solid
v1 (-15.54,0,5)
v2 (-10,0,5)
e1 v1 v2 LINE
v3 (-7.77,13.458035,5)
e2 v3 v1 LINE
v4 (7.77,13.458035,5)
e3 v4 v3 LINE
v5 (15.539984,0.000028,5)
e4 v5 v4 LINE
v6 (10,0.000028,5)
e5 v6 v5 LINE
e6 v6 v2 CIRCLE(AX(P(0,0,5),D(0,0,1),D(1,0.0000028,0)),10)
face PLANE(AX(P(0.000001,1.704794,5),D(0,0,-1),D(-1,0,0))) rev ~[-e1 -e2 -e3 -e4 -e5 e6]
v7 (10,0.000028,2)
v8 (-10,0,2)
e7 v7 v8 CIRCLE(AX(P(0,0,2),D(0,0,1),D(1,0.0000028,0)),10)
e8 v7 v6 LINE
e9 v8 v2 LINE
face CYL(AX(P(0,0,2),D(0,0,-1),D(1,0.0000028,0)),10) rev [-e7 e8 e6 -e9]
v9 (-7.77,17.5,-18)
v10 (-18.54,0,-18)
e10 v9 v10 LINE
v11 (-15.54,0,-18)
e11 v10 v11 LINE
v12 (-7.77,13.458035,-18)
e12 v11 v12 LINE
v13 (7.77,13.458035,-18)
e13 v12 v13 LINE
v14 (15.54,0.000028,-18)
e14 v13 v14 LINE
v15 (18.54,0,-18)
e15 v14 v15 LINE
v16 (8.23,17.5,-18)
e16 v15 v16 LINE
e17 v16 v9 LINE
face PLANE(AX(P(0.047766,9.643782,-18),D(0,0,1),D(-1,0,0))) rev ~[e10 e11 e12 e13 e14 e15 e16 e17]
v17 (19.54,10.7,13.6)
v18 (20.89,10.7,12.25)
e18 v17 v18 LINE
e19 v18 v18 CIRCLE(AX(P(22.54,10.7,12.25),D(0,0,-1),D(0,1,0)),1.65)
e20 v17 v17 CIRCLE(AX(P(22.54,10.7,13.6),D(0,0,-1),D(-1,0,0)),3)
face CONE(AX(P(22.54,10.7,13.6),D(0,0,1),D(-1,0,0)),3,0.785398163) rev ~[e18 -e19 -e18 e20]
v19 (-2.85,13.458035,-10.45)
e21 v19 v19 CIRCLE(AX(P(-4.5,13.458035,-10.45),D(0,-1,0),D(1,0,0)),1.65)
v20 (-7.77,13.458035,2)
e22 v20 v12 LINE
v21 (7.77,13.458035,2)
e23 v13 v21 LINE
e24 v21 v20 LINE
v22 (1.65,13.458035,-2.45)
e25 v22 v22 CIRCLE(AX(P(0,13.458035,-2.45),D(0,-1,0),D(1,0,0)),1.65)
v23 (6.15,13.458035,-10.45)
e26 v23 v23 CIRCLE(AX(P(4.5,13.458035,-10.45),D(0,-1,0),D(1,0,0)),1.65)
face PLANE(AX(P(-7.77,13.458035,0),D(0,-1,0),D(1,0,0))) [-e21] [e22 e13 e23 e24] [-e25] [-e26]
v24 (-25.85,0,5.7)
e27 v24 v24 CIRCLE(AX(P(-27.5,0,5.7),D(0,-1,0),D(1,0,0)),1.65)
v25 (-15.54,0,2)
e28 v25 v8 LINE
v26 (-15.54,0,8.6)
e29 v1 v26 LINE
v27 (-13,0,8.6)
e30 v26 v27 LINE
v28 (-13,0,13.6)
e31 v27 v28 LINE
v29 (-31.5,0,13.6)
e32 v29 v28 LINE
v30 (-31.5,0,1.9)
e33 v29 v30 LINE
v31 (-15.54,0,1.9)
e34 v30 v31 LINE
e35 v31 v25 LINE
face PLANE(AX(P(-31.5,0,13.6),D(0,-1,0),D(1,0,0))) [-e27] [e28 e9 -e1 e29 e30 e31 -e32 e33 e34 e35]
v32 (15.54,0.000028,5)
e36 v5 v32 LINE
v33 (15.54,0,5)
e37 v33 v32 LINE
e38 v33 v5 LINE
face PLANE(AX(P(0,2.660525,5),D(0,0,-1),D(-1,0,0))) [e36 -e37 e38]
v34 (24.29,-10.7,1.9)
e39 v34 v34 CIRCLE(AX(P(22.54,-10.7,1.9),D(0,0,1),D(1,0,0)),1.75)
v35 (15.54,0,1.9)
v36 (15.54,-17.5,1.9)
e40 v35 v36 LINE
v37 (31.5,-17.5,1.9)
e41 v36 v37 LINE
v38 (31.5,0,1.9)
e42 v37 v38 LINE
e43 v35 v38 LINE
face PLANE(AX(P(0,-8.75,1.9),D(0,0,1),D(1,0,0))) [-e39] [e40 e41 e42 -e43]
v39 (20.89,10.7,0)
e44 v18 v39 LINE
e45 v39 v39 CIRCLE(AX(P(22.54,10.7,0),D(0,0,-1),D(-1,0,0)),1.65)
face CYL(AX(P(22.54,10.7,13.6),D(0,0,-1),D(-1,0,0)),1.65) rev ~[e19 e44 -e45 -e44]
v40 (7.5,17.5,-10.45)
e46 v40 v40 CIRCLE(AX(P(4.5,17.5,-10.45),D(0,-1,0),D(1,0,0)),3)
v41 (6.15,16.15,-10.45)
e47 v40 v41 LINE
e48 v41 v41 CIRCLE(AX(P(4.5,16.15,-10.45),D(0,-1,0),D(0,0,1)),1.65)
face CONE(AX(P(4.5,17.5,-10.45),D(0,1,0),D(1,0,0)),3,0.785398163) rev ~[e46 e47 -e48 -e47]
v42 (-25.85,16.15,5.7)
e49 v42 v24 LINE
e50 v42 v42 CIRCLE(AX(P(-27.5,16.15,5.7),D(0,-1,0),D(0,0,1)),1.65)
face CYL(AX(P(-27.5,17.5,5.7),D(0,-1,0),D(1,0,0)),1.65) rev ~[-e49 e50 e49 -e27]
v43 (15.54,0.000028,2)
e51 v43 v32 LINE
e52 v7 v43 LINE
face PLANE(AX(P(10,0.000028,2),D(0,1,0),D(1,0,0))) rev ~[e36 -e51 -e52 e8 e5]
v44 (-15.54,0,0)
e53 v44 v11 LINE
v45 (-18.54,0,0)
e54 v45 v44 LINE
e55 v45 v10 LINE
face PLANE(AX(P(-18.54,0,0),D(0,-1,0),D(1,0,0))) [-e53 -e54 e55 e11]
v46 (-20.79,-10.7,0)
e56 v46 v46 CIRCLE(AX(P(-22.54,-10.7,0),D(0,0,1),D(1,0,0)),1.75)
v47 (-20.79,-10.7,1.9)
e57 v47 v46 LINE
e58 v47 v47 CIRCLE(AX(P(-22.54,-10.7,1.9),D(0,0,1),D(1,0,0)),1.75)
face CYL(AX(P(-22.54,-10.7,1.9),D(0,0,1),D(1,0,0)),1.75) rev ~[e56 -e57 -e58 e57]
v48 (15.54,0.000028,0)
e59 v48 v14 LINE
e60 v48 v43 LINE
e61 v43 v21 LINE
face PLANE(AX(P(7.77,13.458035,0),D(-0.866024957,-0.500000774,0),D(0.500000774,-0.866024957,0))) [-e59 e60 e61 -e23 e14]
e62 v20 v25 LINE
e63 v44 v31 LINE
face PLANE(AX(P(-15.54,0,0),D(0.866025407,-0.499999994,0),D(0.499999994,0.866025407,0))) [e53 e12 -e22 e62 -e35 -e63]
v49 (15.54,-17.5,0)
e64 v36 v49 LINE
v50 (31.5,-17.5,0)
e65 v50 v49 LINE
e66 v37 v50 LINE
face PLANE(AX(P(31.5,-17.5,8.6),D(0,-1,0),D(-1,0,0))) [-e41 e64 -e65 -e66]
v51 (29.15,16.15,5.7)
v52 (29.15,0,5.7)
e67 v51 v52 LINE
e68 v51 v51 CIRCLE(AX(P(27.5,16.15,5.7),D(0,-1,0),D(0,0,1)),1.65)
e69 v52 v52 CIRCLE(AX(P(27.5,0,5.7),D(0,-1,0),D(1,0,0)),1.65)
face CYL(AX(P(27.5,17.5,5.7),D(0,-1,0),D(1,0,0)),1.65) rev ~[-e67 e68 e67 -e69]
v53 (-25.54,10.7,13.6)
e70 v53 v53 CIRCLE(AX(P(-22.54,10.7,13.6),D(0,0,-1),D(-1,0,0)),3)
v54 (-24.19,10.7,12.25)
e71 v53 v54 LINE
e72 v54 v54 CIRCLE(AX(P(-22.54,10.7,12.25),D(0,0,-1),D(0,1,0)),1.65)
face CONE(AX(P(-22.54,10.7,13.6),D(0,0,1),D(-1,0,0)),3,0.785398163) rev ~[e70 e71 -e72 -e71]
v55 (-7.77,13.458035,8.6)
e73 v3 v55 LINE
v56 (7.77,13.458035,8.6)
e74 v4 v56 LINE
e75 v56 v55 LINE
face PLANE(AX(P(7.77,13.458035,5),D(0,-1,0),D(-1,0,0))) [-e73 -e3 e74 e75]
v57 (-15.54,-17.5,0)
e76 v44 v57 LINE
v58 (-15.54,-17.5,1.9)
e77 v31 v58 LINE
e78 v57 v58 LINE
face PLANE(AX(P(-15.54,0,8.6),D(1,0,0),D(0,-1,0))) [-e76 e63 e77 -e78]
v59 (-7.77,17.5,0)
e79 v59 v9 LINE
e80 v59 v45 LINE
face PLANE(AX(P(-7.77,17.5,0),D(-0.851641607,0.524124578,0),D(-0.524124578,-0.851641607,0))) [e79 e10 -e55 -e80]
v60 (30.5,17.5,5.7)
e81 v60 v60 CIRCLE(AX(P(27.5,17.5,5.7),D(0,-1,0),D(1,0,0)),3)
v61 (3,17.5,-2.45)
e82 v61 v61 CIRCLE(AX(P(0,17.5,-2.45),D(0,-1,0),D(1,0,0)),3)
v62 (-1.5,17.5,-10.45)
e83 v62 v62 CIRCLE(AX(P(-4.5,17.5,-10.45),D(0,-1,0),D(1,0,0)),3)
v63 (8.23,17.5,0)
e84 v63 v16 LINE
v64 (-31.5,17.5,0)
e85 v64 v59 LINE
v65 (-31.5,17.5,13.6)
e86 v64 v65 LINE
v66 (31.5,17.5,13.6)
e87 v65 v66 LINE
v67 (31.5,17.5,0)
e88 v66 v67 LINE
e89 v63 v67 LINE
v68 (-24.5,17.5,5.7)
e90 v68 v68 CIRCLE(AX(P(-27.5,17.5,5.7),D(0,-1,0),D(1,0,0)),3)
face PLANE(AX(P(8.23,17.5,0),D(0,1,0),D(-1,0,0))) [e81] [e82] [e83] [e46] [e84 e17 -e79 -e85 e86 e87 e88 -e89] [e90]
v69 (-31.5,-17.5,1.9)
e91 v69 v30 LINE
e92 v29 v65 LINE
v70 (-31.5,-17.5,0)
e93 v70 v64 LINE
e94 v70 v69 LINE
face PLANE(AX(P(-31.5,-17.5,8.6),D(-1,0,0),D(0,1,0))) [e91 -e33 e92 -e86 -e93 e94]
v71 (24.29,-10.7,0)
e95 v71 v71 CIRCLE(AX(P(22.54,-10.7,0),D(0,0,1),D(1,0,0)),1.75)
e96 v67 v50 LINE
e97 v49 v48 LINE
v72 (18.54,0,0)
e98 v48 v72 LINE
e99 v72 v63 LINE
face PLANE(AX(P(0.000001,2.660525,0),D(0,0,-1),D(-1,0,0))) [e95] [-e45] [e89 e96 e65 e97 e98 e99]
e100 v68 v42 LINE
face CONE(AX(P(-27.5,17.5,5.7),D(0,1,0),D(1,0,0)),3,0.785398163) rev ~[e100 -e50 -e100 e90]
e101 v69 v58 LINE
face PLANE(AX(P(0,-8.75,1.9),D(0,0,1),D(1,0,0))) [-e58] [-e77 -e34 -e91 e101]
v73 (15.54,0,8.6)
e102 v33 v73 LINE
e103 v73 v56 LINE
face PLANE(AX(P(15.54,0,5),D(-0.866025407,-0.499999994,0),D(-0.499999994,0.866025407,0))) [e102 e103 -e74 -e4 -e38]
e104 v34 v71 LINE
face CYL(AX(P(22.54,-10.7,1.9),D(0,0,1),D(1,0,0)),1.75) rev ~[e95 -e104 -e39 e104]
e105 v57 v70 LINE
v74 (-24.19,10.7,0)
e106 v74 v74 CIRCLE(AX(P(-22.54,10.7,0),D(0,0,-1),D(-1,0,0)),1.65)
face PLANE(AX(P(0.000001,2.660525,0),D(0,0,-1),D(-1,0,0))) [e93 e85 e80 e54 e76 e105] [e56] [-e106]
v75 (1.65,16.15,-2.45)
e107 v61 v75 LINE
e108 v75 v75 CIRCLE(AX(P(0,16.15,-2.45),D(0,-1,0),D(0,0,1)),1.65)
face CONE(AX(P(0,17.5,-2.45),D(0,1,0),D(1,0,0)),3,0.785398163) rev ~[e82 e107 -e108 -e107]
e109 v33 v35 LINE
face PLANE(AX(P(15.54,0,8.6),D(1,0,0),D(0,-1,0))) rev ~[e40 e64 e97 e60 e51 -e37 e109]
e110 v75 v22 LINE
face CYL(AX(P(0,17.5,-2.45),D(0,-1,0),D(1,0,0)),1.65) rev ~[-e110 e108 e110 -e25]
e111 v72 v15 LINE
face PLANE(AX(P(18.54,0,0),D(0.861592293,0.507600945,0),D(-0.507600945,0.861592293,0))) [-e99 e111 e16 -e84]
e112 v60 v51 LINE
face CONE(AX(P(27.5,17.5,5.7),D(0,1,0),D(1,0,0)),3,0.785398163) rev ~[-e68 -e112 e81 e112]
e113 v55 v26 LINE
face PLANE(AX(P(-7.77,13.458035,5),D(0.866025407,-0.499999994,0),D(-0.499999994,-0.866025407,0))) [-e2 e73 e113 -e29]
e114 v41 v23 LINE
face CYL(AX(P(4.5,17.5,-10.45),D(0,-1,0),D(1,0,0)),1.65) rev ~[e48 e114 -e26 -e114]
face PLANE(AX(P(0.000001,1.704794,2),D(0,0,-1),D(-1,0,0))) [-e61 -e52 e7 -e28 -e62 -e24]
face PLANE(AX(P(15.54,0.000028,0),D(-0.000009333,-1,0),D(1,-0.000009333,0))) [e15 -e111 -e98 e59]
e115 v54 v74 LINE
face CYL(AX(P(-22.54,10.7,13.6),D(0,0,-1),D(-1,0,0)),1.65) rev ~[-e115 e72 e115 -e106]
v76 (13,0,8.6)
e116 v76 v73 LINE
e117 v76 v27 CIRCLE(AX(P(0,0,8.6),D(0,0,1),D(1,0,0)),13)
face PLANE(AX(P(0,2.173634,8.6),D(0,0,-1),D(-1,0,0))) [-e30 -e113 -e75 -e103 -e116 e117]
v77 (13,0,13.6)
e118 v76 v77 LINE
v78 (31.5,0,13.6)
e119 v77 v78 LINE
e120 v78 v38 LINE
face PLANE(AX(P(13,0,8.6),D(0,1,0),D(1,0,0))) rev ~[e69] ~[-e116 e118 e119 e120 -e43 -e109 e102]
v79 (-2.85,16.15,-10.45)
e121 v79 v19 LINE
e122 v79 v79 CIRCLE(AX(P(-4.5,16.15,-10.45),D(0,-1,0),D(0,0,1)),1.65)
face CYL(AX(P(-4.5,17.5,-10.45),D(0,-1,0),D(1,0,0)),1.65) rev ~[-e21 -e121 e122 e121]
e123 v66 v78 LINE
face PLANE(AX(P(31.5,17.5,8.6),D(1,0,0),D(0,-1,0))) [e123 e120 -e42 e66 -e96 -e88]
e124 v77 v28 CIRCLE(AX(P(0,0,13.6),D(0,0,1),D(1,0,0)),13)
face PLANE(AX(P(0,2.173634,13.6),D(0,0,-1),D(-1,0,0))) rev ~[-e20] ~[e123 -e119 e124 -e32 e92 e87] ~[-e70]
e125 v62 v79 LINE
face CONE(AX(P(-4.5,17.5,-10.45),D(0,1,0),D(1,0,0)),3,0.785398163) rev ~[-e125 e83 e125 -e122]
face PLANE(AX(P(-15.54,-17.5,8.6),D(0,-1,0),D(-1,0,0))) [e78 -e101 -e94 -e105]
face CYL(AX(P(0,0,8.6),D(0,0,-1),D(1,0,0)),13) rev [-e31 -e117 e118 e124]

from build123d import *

# Parameters (mm, degrees)
PAD_DEPTH           = 2
PAD001_DEPTH        = 3
PAD002_DEPTH        = 3.6
PAD003_DEPTH        = 5
SKETCH004_W         = 63
SKETCH004_H         = 17.5
POCKET_DEPTH        = 11.7
PAD004_DEPTH        = 18
HOLE_D              = 3.3
HOLE_DEPTH          = 24.00858
HOLE_CSINK_D        = 6
HOLE_CSINK_ANGLE    = 90
HOLE_TIPS_R         = 1.65
SKETCH010_R         = 1.75
POCKET001_DEPTH     = 5
HOLE001_D           = 3.3
HOLE001_DEPTH       = 24.00858
HOLE001_CSINK_D     = 6
HOLE001_CSINK_ANGLE = 90
HOLE001_TIPS_R      = 1.65
HOLE002_D           = 3.3
HOLE002_DEPTH       = 24.00858
HOLE002_CSINK_D     = 6
HOLE002_CSINK_ANGLE = 90
HOLE002_TIPS_R      = 1.65


with BuildPart() as part:
    # Sketch → Pad (new body)
    with BuildSketch(Plane.XY):
        Polygon((-31.5, 17.5), (31.5, 17.5), (31.5, -17.5), (15.54, -17.5), (15.54, 2.8e-05), (7.77, 13.458035), (-7.77, 13.458035), (-15.54, 0), (-15.54, -17.5), (-31.5, -17.5), align=None)
    extrude(amount=PAD_DEPTH)

    # Sketch001 (on Face12 of Pad) → Pad001 (join)
    with BuildSketch(Plane.XY.offset(2)):
        with BuildLine():
            ThreePointArc((10, 2.8e-05), (-1.4e-05, 10), (-10, 0))
            Line((-15.54, 0), (-10, 0))
            Line((-15.54, -17.5), (-15.54, 0))
            Line((-15.54, -17.5), (-31.5, -17.5))
            Line((-31.5, -17.5), (-31.5, 17.5))
            Line((-31.5, 17.5), (31.5, 17.5))
            Line((31.5, 17.5), (31.5, -17.5))
            Line((31.5, -17.5), (15.54, -17.5))
            Line((15.54, -17.5), (15.54, 2.8e-05))
            Line((10, 2.8e-05), (15.54, 2.8e-05))
        make_face()
    extrude(amount=PAD001_DEPTH)

    # Sketch002 (on Face20 of Pad001) → Pad002 (join)
    with BuildSketch(Plane.XY.offset(5)):
        Polygon((15.54, 0), (7.77, 13.458035), (-7.77, 13.458035), (-15.54, 0), (-15.54, -17.5), (-31.5, -17.5), (-31.5, 17.5), (31.5, 17.5), (31.5, -17.5), (15.54, -17.5), align=None)
    extrude(amount=PAD002_DEPTH)

    # Sketch003 (on Face31 of Pad002) → Pad003 (join)
    with BuildSketch(Plane.XY.offset(8.6)):
        with BuildLine():
            Line((-31.5, 17.5), (31.5, 17.5))
            Line((31.5, 17.5), (31.5, -17.5))
            Line((31.5, -17.5), (15.54, -17.5))
            Line((15.54, 0), (15.54, -17.5))
            Line((13, 0), (15.54, 0))
            ThreePointArc((13, 0), (0, 13), (-13, 0))
            Line((-15.54, 0), (-13, 0))
            Line((-15.54, 0), (-15.54, -17.5))
            Line((-15.54, -17.5), (-31.5, -17.5))
            Line((-31.5, -17.5), (-31.5, 17.5))
        make_face()
    extrude(amount=PAD003_DEPTH)

    # Sketch004 (on Face41 of Pad003) → Pocket (cut)
    with BuildSketch(Plane.XY.offset(13.6)):
        with Locations((0, -8.75)):
            Rectangle(SKETCH004_W, SKETCH004_H)
    extrude(amount=-POCKET_DEPTH, mode=Mode.SUBTRACT)

    # Sketch008 (on Face1 of Pocket) → Pad004 (join)
    with BuildSketch(Plane(origin=(0, 0, 0), x_dir=(1, 0, 0), z_dir=(0, 0, -1))):
        Polygon((-7.77, -13.458035), (7.77, -13.458035), (15.54, -2.8e-05), (18.54, 0), (8.23, -17.5), (-7.77, -17.5), (-18.54, 0), (-15.54, 0), align=None)
    extrude(amount=PAD004_DEPTH)

    # Hole
    with Locations(Plane(origin=(0, 17.5, 0), x_dir=(-1, 0, 0), z_dir=(0, 1, 0))):
        with Locations((0, -2.45), (-4.5, -10.45), (4.5, -10.45)):
            CounterSinkHole(HOLE_D / 2, HOLE_CSINK_D / 2, depth=HOLE_DEPTH, counter_sink_angle=HOLE_CSINK_ANGLE)

    # Hole tips → Hole tip 1 section 0
    with BuildSketch(Plane(origin=(0, -6.50858, 0), x_dir=(-1, 0, 0), z_dir=(0, 1, 0)), mode=Mode.PRIVATE) as hole_tip_1_s0:
        with Locations((0, -2.45)):
            Circle(HOLE_TIPS_R)
    loft([hole_tip_1_s0.sketch, Vertex(0, -7.5, -2.45)], mode=Mode.SUBTRACT)

    # Hole tips → Hole tip 2 section 0
    with BuildSketch(Plane(origin=(0, -6.50858, 0), x_dir=(-1, 0, 0), z_dir=(0, 1, 0)), mode=Mode.PRIVATE) as hole_tip_2_s0:
        with Locations((-4.5, -10.45)):
            Circle(HOLE_TIPS_R)
    loft([hole_tip_2_s0.sketch, Vertex(4.5, -7.5, -10.45)], mode=Mode.SUBTRACT)

    # Hole tips → Hole tip 3 section 0
    with BuildSketch(Plane(origin=(0, -6.50858, 0), x_dir=(-1, 0, 0), z_dir=(0, 1, 0)), mode=Mode.PRIVATE) as hole_tip_3_s0:
        with Locations((4.5, -10.45)):
            Circle(HOLE_TIPS_R)
    loft([hole_tip_3_s0.sketch, Vertex(-4.5, -7.5, -10.45)], mode=Mode.SUBTRACT)

    # Sketch010 (on Face32 of Hole) → Pocket001 (cut)
    with BuildSketch(Plane.XY.offset(1.9)):
        with Locations((-22.54, -10.7)):
            Circle(SKETCH010_R)
        with Locations((22.54, -10.7)):
            Circle(SKETCH010_R)
    extrude(amount=-POCKET001_DEPTH, mode=Mode.SUBTRACT)

    # Hole001
    with Locations(Plane.XY.offset(13.6)):
        with Locations((-22.54, 10.7), (22.54, 10.7)):
            CounterSinkHole(HOLE001_D / 2, HOLE001_CSINK_D / 2, depth=HOLE001_DEPTH, counter_sink_angle=HOLE001_CSINK_ANGLE)

    # Hole001 tips → Hole001 tip 1 section 0
    with BuildSketch(Plane.XY.offset(-10.40858), mode=Mode.PRIVATE) as hole001_tip_1_s0:
        with Locations((-22.54, 10.7)):
            Circle(HOLE001_TIPS_R)
    loft([hole001_tip_1_s0.sketch, Vertex(-22.54, 10.7, -11.4)], mode=Mode.SUBTRACT)

    # Hole001 tips → Hole001 tip 2 section 0
    with BuildSketch(Plane.XY.offset(-10.40858), mode=Mode.PRIVATE) as hole001_tip_2_s0:
        with Locations((22.54, 10.7)):
            Circle(HOLE001_TIPS_R)
    loft([hole001_tip_2_s0.sketch, Vertex(22.54, 10.7, -11.4)], mode=Mode.SUBTRACT)

    # Hole002
    with Locations(Plane(origin=(0, 17.5, 0), x_dir=(-1, 0, 0), z_dir=(0, 1, 0))):
        with Locations((-27.5, 5.7), (27.5, 5.7)):
            CounterSinkHole(HOLE002_D / 2, HOLE002_CSINK_D / 2, depth=HOLE002_DEPTH, counter_sink_angle=HOLE002_CSINK_ANGLE)

    # Hole002 tips → Hole002 tip 1 section 0
    with BuildSketch(Plane(origin=(0, -6.50858, 0), x_dir=(-1, 0, 0), z_dir=(0, 1, 0)), mode=Mode.PRIVATE) as hole002_tip_1_s0:
        with Locations((-27.5, 5.7)):
            Circle(HOLE002_TIPS_R)
    loft([hole002_tip_1_s0.sketch, Vertex(27.5, -7.5, 5.7)], mode=Mode.SUBTRACT)

    # Hole002 tips → Hole002 tip 2 section 0
    with BuildSketch(Plane(origin=(0, -6.50858, 0), x_dir=(-1, 0, 0), z_dir=(0, 1, 0)), mode=Mode.PRIVATE) as hole002_tip_2_s0:
        with Locations((27.5, 5.7)):
            Circle(HOLE002_TIPS_R)
    loft([hole002_tip_2_s0.sketch, Vertex(-27.5, -7.5, 5.7)], mode=Mode.SUBTRACT)


solid = part.part
